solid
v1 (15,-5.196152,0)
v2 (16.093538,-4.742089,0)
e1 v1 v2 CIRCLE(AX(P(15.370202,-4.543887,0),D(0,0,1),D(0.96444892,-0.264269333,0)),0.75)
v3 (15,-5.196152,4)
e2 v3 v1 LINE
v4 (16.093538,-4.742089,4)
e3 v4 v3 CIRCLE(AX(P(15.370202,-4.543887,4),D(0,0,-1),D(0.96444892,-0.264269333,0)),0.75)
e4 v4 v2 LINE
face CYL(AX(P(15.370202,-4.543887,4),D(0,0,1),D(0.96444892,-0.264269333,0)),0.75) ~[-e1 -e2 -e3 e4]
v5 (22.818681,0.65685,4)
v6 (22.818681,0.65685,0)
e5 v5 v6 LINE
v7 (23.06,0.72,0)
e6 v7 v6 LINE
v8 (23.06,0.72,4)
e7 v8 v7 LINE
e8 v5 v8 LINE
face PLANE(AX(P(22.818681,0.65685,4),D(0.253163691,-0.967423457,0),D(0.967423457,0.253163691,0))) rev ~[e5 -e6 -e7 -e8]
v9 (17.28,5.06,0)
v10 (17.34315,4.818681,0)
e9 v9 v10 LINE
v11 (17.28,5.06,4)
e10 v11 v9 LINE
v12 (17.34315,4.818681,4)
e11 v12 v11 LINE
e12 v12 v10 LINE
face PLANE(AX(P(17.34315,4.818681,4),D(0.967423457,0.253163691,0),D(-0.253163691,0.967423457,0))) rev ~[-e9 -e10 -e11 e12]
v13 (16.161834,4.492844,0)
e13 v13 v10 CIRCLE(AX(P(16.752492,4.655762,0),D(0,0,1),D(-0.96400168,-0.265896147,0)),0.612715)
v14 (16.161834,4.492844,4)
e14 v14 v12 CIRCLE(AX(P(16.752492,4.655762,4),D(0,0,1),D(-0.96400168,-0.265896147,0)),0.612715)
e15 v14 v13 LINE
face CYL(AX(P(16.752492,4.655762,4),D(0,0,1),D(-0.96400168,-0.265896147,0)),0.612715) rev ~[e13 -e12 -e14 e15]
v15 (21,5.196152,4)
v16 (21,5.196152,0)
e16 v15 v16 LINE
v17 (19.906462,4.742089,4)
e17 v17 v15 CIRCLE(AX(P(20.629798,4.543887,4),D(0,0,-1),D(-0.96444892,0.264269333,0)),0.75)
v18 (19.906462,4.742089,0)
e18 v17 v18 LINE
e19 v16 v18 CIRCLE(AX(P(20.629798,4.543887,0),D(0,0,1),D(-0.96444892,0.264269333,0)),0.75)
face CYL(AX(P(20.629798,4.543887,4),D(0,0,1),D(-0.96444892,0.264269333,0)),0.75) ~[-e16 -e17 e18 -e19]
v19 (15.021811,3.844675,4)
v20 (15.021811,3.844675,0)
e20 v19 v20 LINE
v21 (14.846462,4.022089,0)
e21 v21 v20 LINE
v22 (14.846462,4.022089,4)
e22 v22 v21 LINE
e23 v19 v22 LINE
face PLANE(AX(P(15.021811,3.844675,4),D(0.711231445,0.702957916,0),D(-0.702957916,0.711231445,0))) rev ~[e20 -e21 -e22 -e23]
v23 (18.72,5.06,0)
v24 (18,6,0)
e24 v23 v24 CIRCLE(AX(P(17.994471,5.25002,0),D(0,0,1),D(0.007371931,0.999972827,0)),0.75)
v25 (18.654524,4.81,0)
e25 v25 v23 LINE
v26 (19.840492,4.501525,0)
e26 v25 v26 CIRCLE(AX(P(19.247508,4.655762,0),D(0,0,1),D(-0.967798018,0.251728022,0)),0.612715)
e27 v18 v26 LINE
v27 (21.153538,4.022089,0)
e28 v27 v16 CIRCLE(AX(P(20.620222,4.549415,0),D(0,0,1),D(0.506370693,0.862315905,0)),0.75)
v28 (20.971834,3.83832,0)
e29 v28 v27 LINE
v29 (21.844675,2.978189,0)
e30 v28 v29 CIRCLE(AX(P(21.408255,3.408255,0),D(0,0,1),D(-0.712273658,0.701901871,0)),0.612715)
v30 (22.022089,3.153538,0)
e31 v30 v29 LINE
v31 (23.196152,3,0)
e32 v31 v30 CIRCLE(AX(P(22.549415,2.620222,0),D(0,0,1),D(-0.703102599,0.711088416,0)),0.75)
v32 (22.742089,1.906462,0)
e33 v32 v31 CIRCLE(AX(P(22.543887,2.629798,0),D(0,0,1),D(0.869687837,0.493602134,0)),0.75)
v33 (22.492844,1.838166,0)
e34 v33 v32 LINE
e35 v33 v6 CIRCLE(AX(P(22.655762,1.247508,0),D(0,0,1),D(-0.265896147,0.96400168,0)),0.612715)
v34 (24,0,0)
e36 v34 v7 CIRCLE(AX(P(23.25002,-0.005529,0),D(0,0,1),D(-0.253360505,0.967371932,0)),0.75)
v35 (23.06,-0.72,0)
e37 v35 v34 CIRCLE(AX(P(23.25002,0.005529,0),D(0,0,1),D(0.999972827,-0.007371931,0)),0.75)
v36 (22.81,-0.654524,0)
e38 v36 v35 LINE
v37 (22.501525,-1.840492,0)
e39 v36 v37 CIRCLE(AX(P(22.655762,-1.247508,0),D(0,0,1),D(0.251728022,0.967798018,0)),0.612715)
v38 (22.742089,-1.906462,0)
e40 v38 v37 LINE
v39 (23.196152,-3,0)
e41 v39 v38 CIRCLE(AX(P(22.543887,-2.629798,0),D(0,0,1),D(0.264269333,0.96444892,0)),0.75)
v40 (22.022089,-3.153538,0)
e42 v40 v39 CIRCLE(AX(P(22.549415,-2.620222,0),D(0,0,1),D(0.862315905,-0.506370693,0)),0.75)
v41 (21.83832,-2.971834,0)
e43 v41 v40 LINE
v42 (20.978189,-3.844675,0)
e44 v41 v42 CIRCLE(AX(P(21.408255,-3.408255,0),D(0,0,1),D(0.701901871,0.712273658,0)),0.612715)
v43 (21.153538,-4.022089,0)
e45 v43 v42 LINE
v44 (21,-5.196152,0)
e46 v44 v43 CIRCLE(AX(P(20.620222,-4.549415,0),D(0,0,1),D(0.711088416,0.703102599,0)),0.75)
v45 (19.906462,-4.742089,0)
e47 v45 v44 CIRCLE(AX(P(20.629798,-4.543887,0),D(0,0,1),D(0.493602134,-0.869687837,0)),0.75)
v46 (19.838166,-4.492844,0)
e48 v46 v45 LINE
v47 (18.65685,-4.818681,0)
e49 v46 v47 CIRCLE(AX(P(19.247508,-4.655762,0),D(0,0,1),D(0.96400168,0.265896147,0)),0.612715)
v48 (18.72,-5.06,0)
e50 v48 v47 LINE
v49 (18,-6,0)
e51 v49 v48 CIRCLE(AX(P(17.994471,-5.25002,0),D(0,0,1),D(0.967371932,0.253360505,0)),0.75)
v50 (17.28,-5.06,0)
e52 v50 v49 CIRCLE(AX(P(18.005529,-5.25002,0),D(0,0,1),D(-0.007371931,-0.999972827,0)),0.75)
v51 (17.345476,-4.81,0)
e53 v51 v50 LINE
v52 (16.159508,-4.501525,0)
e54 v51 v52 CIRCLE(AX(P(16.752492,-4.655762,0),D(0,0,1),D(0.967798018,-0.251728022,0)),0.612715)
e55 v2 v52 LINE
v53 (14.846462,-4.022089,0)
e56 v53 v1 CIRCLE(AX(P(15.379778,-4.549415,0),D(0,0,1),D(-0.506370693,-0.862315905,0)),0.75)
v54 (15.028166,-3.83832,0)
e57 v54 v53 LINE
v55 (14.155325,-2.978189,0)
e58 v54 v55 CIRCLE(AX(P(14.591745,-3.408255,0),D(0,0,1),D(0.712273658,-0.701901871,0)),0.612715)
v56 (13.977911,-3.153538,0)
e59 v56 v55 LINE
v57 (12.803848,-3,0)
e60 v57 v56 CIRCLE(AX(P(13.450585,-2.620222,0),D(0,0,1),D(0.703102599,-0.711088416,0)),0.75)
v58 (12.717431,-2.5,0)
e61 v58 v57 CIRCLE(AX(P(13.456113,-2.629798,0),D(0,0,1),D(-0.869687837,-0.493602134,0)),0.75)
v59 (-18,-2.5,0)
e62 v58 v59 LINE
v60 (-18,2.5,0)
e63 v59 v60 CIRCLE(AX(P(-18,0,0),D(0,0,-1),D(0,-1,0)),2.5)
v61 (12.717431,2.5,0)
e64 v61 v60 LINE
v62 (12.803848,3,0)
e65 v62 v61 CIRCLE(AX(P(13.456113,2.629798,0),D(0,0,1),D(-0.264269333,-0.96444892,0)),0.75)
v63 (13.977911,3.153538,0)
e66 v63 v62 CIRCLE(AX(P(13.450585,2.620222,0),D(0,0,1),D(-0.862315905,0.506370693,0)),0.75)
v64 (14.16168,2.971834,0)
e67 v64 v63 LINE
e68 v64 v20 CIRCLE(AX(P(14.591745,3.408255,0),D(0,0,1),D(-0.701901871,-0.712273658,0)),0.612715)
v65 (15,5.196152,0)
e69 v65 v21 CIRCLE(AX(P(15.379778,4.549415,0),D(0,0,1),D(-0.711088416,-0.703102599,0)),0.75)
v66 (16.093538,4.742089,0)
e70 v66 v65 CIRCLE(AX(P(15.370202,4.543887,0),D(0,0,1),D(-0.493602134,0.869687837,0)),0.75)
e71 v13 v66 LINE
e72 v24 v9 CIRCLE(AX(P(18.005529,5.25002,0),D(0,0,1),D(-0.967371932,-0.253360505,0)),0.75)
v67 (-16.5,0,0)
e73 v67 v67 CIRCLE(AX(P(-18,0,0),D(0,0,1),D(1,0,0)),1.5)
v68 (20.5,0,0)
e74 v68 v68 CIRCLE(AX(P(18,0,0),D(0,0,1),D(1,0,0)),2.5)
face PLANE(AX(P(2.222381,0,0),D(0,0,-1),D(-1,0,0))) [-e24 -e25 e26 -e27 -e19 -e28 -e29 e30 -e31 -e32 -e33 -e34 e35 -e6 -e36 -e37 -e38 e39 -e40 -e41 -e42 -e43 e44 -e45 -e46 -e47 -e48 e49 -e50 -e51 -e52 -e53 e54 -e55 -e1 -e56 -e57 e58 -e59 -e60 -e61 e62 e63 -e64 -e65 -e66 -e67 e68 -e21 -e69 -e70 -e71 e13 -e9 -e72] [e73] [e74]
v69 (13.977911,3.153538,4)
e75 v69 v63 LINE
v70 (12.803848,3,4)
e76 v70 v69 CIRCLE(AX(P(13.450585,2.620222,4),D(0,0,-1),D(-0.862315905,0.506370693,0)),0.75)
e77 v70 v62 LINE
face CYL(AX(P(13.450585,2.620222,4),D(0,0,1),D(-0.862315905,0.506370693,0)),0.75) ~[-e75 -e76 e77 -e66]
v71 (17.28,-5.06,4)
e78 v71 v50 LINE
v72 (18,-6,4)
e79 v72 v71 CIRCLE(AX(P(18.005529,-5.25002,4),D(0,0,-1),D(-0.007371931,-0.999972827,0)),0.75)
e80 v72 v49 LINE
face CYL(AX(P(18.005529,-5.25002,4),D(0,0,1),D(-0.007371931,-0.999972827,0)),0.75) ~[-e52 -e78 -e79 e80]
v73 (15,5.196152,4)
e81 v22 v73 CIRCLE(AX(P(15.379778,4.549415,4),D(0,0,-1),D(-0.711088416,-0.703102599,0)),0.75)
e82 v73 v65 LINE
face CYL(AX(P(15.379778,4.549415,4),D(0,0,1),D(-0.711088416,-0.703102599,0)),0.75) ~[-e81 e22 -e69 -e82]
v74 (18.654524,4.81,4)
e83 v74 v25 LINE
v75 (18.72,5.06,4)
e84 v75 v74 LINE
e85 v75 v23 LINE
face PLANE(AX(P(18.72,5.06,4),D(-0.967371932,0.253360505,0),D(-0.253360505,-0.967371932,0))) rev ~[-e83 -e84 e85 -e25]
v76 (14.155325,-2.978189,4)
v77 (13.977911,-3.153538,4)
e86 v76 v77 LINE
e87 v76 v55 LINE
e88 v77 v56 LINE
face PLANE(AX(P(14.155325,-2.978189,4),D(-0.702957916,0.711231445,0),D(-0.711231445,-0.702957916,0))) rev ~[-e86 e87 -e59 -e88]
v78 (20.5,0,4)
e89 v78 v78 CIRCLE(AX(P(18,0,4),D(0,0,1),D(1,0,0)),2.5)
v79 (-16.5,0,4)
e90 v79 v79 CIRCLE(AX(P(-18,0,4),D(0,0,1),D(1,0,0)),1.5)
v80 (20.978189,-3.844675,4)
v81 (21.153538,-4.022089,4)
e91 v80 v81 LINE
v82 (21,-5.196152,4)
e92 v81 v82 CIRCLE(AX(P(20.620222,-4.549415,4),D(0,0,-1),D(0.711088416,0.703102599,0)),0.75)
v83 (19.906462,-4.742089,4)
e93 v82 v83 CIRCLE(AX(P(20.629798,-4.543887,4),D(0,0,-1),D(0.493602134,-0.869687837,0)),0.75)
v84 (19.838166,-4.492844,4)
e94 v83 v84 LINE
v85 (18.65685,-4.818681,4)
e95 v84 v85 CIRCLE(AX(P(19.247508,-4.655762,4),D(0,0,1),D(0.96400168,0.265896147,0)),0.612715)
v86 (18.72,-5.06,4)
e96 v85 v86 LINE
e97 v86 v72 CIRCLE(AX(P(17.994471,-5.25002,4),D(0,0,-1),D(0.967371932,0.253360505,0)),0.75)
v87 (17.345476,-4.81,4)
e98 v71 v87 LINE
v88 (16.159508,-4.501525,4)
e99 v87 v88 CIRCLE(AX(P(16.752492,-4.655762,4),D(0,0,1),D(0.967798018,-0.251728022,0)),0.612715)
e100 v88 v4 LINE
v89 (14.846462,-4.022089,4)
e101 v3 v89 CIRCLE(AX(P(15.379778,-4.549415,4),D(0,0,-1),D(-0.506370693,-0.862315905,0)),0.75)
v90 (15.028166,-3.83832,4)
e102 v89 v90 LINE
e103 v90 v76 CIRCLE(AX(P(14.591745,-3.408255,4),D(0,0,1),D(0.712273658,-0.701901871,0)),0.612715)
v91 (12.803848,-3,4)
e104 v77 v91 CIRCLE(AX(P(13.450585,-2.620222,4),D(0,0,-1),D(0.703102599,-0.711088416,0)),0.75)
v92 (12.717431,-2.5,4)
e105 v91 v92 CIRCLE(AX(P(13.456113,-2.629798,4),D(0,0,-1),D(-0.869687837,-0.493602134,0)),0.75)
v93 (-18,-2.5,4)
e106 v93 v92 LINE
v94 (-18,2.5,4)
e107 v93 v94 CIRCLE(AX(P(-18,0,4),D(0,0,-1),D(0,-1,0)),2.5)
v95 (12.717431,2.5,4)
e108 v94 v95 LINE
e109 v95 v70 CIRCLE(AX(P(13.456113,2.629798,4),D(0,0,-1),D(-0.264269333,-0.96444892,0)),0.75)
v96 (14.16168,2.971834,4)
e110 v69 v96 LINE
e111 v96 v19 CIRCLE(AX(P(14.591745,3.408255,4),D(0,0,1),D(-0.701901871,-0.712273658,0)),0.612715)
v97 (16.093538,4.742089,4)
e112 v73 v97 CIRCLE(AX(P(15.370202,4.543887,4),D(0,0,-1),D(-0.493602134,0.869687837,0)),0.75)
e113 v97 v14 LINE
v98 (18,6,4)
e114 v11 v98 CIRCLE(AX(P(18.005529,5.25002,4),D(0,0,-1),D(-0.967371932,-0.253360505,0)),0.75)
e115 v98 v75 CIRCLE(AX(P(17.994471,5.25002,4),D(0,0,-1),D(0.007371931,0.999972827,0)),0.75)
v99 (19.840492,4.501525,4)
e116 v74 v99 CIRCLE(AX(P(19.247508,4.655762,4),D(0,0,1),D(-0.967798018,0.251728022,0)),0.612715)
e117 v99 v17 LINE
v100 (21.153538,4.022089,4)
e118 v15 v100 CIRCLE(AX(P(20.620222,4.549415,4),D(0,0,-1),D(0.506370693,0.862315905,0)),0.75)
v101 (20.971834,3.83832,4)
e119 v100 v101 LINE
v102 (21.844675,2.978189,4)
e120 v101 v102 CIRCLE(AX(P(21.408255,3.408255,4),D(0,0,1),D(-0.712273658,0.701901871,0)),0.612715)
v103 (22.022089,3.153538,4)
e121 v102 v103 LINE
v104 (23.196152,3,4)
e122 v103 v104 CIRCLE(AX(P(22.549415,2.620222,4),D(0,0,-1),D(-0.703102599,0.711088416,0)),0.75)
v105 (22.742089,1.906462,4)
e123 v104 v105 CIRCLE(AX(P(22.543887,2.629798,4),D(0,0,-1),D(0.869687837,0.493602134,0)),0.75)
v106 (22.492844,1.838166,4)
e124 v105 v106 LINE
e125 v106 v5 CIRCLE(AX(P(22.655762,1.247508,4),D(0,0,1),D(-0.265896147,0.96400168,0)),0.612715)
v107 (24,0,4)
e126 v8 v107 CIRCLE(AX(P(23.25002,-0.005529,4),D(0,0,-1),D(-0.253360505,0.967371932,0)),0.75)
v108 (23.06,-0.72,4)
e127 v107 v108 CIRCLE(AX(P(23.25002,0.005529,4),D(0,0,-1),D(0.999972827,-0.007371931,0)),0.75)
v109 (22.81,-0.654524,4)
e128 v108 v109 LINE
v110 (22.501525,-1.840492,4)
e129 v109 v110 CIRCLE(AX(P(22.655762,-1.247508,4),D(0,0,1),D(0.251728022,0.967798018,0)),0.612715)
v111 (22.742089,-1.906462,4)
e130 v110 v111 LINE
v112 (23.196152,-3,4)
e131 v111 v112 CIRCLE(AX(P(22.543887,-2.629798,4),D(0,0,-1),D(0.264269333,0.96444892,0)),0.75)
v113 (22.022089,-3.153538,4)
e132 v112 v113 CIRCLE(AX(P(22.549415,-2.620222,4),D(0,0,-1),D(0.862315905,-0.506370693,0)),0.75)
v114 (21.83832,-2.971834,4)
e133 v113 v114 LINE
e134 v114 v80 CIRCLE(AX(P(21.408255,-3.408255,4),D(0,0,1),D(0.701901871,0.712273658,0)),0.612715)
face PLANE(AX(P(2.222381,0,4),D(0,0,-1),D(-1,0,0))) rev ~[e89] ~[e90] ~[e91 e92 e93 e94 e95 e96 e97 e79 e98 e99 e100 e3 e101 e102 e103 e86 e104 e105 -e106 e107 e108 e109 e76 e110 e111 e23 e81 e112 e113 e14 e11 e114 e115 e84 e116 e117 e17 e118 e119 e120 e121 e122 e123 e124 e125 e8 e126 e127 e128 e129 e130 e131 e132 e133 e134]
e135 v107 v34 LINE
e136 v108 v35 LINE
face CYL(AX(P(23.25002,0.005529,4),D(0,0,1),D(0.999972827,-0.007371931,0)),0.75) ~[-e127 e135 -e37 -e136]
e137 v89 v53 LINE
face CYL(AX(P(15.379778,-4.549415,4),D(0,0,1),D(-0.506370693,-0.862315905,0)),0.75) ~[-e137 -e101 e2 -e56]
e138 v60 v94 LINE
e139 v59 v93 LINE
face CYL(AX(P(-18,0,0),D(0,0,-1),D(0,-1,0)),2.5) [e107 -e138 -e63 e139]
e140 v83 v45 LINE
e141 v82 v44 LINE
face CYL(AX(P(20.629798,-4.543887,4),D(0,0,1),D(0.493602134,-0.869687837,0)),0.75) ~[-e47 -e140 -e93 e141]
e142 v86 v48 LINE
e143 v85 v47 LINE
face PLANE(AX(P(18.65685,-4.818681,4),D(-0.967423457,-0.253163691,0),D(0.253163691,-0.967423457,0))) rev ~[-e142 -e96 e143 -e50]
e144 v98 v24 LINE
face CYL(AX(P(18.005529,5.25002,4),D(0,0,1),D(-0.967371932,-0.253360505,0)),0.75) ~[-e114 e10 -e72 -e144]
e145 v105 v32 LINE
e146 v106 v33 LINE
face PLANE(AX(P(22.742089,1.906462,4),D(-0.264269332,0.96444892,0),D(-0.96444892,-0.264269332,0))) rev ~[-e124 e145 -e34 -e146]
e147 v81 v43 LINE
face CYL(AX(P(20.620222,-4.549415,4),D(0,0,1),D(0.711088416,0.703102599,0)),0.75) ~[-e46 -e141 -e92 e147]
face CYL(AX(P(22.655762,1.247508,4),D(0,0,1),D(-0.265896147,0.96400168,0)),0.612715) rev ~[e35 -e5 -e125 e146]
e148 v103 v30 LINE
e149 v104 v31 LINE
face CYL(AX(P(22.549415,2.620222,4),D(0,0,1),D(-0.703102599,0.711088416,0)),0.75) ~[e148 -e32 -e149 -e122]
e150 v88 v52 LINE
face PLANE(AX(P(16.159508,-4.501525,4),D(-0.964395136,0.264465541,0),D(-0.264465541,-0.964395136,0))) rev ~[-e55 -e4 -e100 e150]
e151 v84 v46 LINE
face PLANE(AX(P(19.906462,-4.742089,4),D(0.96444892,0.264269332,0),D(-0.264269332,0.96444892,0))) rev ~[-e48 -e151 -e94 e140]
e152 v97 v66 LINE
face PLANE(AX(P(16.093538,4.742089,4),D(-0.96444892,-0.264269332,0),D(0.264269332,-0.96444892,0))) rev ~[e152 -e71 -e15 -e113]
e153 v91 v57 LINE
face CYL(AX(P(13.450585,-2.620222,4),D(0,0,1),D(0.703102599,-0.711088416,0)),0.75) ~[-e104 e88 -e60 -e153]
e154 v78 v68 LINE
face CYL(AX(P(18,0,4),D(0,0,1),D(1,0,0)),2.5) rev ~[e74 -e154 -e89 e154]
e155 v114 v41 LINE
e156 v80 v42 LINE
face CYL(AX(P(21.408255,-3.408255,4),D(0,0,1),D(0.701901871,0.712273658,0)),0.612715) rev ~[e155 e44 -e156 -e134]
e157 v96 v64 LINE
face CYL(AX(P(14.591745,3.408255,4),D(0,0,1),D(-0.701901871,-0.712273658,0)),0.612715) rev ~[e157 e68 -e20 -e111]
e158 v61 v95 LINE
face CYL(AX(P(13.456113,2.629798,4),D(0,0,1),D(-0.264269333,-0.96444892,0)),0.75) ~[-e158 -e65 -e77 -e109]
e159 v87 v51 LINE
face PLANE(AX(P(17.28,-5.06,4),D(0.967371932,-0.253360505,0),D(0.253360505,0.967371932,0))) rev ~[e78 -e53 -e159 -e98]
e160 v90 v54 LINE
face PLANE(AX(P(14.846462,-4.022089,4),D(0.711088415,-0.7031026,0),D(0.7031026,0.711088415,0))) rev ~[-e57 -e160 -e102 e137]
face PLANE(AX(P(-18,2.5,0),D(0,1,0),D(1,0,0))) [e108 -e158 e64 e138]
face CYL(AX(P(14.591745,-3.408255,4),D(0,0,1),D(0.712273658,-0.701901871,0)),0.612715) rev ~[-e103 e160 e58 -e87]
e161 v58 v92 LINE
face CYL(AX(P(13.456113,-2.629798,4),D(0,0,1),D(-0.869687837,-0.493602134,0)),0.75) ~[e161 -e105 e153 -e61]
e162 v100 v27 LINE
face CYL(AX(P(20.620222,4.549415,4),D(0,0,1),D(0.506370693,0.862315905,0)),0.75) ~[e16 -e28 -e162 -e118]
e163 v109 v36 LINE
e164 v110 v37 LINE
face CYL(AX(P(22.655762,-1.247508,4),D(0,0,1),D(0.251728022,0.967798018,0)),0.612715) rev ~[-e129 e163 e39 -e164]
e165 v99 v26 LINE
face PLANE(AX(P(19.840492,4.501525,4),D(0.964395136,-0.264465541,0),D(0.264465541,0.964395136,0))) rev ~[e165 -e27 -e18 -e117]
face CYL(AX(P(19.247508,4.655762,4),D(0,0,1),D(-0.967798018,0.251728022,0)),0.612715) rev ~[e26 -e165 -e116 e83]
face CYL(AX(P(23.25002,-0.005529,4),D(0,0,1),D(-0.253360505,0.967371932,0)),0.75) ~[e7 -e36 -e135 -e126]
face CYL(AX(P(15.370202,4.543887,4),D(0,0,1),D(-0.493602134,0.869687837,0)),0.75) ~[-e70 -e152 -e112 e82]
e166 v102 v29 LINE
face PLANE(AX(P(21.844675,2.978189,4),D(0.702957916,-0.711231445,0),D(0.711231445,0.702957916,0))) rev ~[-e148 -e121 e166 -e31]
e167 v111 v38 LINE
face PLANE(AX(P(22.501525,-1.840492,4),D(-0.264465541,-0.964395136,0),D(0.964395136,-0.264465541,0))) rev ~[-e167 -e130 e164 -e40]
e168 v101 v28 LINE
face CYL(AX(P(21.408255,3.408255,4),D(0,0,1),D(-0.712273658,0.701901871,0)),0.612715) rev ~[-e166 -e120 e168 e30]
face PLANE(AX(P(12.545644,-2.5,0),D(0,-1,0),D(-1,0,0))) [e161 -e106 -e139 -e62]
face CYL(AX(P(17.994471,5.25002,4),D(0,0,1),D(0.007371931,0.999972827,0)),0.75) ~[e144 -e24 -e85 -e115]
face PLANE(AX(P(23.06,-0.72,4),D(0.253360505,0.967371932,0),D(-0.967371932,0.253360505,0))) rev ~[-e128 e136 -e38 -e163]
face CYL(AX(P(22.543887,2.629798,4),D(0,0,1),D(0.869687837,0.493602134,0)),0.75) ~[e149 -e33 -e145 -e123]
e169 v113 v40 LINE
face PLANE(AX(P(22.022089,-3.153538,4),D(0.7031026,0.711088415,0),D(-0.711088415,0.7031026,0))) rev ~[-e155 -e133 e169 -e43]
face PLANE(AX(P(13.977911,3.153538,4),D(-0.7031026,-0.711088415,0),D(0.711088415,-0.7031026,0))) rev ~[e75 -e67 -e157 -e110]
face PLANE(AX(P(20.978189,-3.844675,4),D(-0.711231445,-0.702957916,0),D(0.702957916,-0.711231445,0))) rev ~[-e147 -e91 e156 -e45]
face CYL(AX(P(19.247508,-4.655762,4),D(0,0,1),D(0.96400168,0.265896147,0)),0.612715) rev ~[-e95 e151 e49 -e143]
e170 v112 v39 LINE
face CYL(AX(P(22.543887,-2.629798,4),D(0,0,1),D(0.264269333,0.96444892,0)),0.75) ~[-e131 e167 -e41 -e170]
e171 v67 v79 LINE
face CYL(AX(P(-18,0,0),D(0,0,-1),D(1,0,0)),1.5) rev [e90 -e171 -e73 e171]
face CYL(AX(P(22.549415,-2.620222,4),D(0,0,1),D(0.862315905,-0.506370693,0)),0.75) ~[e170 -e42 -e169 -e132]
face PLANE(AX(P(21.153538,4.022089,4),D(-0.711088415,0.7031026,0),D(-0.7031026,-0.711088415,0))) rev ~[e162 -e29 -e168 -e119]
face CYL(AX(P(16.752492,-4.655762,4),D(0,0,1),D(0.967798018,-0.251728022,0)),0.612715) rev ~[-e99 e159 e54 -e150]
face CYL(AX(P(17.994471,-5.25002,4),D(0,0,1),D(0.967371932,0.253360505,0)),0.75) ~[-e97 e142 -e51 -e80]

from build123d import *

# Parameters (mm, degrees)
SKETCH1_R           = 1.5
BOSS_EXTRUDE1_DEPTH = 4
CUT_EXTRUDE1_DEPTH  = 26.059928172
CIRPATTERN1_COUNT   = 12
SKETCH3_W           = 5.990659071
SKETCH3_H           = 5
BOSS_EXTRUDE2_DEPTH = 4
SKETCH4_R           = 2.5
CUT_EXTRUDE2_DEPTH  = 26.059928172


with BuildPart() as part:
    # Sketch1 → Boss-Extrude1 (new body)
    with BuildSketch(Plane.XY):
        with BuildLine():
            Line((-18, 2.5), (12.545643943, 2.5))
            ThreePointArc((12.545643943, 2.5), (24, 0), (12.545643943, -2.5))
            Line((12.545643943, -2.5), (-18, -2.5))
            ThreePointArc((-18, -2.5), (-20.5, 0), (-18, 2.5))
        make_face()
        with Locations((-18, 0)):
            Circle(SKETCH1_R, mode=Mode.SUBTRACT)
    extrude(amount=BOSS_EXTRUDE1_DEPTH)

    # Sketch2 → Cut-Extrude1 (cut, through all)
    with BuildSketch(Plane.XY.offset(4)):
        with BuildLine():
            ThreePointArc((21, 5.196152423), (19.633748274, 6.097231567), (18, 6))
            ThreePointArc((18, 6), (19.552914271, 5.795554958), (21, 5.196152423))
        make_face()
        with BuildLine():
            ThreePointArc((18, 6), (18.589879661, 5.706078038), (18.72, 5.06))
            Line((18.72, 5.06), (18.654523502, 4.81))
            ThreePointArc((18.654523502, 4.81), (19.09327028, 4.062778187), (19.840492093, 4.501524965))
            Line((19.840492093, 4.501524965), (19.906461709, 4.742088543))
            ThreePointArc((19.906461709, 4.742088543), (20.342188248, 5.236548367), (21, 5.196152423))
            ThreePointArc((21, 5.196152423), (19.552914271, 5.795554958), (18, 6))
        make_face()
    cut_extrude1 = extrude(amount=-CUT_EXTRUDE1_DEPTH, mode=Mode.SUBTRACT)

    # CirPattern1: Cut-Extrude1 ×12 about axis
    cirpattern1_axis = Axis((18, 0, 0), (0, 0, 1))
    for i in range(1, CIRPATTERN1_COUNT):
        add(cut_extrude1.rotate(cirpattern1_axis, i * 360 / CIRPATTERN1_COUNT), mode=Mode.SUBTRACT)

    # Sketch3 → Boss-Extrude2 (add)
    with BuildSketch(Plane.XY.offset(4)):
        with Locations((13.282390893, 0)):
            Rectangle(SKETCH3_W, SKETCH3_H)
    extrude(amount=-BOSS_EXTRUDE2_DEPTH)

    # Sketch4 → Cut-Extrude2 (cut, through all)
    with BuildSketch(Plane.XY.offset(4)):
        with Locations((18, 0)):
            Circle(SKETCH4_R)
    extrude(amount=-CUT_EXTRUDE2_DEPTH, mode=Mode.SUBTRACT)


solid = part.part
